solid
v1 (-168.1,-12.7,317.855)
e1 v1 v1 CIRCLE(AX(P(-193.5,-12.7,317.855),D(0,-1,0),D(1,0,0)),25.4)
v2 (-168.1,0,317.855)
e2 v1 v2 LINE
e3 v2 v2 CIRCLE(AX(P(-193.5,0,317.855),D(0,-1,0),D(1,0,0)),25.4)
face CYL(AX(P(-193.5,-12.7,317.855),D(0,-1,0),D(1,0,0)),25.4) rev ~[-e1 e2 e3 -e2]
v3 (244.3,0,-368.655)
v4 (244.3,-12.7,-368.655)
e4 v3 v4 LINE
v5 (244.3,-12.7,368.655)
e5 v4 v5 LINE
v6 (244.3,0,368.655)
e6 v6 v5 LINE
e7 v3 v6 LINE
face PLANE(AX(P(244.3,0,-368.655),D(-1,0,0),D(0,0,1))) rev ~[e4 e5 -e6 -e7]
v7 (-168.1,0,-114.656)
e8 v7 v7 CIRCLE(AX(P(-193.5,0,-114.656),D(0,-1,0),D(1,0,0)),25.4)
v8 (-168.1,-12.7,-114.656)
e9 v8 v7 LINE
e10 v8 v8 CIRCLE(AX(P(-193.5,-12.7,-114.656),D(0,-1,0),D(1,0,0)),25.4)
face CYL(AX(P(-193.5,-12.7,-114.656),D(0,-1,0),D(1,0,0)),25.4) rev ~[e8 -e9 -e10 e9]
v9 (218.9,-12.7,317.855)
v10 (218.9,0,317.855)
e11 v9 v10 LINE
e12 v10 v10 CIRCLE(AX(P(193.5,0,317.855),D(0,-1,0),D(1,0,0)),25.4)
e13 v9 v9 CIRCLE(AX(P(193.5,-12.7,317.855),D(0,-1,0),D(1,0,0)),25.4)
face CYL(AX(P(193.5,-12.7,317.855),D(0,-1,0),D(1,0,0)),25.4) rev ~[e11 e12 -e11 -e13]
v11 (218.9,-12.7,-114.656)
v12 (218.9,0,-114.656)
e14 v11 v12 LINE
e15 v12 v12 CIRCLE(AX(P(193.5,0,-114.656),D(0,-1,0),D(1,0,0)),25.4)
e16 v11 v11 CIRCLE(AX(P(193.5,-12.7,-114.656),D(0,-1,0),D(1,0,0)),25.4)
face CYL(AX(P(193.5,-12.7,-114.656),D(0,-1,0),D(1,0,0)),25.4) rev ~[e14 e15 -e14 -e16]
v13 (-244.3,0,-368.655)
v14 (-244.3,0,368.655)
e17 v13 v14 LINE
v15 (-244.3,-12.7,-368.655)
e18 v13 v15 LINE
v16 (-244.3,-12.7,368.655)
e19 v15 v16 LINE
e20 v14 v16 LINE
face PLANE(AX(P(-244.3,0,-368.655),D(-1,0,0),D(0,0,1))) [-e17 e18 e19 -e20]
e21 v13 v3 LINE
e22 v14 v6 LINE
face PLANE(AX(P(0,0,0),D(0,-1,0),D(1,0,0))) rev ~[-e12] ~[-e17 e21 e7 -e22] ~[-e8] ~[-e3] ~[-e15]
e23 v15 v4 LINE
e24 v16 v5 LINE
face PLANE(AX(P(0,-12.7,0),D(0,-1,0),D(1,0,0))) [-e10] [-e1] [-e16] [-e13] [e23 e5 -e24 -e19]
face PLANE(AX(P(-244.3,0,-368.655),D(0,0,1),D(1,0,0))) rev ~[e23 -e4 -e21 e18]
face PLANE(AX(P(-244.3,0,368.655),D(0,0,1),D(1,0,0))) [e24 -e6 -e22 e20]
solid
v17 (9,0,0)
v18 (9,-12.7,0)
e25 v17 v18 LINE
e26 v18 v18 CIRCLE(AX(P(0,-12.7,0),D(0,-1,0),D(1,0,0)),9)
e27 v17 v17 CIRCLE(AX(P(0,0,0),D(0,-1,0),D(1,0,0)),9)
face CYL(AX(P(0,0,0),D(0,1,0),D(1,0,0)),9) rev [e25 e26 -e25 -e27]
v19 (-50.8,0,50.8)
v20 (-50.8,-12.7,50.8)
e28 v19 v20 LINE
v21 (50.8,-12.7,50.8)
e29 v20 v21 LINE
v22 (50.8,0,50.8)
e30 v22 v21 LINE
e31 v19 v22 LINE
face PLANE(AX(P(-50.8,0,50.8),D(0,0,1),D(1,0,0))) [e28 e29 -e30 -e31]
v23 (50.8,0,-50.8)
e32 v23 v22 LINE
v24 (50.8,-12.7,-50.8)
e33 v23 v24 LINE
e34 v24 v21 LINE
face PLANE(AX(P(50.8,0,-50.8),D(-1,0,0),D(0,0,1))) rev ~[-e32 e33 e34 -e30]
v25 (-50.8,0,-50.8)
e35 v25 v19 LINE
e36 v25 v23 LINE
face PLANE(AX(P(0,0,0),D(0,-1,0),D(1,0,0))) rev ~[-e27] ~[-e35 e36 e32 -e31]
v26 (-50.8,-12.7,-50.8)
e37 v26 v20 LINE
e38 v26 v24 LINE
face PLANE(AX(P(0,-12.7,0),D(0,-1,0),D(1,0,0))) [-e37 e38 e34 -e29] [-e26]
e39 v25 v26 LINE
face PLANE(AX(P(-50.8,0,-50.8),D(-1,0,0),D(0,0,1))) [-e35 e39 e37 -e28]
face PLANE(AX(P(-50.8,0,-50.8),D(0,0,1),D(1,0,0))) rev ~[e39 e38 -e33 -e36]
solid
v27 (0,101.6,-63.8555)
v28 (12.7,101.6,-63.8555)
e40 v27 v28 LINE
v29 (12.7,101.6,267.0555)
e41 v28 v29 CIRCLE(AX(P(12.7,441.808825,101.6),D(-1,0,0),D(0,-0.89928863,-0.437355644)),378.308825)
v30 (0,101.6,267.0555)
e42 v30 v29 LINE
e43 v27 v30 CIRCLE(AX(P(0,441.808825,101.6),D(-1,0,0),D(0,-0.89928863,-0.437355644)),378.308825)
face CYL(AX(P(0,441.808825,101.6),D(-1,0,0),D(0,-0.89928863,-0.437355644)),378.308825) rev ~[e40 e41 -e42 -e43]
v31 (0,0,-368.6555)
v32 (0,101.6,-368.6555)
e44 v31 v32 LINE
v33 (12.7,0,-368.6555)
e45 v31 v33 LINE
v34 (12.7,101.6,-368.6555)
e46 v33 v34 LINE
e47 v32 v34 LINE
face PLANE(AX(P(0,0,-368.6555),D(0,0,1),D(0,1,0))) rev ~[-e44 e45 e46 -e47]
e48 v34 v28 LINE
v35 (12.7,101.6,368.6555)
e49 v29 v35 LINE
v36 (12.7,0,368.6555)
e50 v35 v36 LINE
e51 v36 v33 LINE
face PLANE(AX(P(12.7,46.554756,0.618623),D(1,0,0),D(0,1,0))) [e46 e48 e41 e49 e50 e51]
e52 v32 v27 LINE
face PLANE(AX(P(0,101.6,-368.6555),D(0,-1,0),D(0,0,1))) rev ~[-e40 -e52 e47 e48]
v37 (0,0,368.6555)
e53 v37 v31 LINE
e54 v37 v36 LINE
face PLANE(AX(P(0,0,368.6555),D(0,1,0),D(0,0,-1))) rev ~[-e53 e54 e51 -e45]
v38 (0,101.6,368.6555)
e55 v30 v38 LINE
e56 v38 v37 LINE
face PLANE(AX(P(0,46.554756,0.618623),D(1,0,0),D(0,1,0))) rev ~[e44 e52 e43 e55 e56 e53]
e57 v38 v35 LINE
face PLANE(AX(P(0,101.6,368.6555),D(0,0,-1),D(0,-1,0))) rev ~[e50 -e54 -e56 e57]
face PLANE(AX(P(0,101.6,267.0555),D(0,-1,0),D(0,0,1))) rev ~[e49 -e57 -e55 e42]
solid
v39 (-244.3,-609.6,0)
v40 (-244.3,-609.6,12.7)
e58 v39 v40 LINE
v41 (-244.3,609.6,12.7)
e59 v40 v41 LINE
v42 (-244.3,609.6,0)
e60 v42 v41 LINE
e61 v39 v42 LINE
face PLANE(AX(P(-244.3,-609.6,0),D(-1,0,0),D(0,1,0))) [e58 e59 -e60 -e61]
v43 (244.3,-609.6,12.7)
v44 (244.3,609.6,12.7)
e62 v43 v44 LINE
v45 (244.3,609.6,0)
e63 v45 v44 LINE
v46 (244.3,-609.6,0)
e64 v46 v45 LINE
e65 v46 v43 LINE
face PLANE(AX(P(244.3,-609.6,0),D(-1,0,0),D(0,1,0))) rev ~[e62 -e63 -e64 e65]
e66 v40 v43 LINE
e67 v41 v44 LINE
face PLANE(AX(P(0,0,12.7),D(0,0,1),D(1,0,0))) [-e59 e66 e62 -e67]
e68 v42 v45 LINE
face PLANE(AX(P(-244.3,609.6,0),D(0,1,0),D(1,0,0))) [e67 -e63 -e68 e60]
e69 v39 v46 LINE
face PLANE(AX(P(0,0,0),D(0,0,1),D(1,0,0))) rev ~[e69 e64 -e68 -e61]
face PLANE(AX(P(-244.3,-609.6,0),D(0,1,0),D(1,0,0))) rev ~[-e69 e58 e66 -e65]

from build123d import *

# Parameters (mm, degrees)
F1_W      = 101.6
F1_H      = 101.6
F1_R      = 9
F2_DEPTH  = 12.7
F4_DEPTH  = 12.7
F5_W      = 488.6
F5_H      = 737.31
F6_DEPTH  = 12.7
F7_W      = 488.6
F7_H      = 1219.2
F8_DEPTH  = 12.7
F9_R      = 25.4
F10_DEPTH = 622.301


with BuildPart() as f2:
    # F1 (on Front) → F2 (new body)
    with BuildSketch(Plane.XZ):
        Rectangle(F1_W, F1_H)
        Circle(F1_R, mode=Mode.SUBTRACT)
    extrude(amount=F2_DEPTH)


with BuildPart() as f4:
    # F3 (on Right) → F4 (new body)
    with BuildSketch(Plane.YZ):
        with BuildLine():
            Line((101.6, 368.6555), (0, 368.6555))
            Line((0, 368.6555), (0, -368.6555))
            Line((0, -368.6555), (101.6, -368.6555))
            Line((101.6, -368.6555), (101.6, -63.8555))
            ThreePointArc((101.6, -63.8555), (63.5, 101.6), (101.6, 267.0555))
            Line((101.6, 267.0555), (101.6, 368.6555))
        make_face()
    extrude(amount=F4_DEPTH)


with BuildPart() as f6:
    # F5 (on Front) → F6 (new body)
    with BuildSketch(Plane.XZ):
        Rectangle(F5_W, F5_H)
    extrude(amount=F6_DEPTH)

    # F9 (on face) → F10 (cut, through all)
    with BuildSketch(Plane.XZ.offset(12.7)):
        with Locations((-193.5, 317.855)):
            Circle(F9_R)
        with Locations((193.5, 317.855)):
            Circle(F9_R)
        with Locations((-193.5, -114.656)):
            Circle(F9_R)
        with Locations((193.5, -114.656)):
            Circle(F9_R)
    extrude(amount=-F10_DEPTH, mode=Mode.SUBTRACT)


with BuildPart() as f8:
    # F7 (on Top) → F8 (new body)
    with BuildSketch(Plane.XY):
        Rectangle(F7_W, F7_H)
    extrude(amount=F8_DEPTH)


solid = Compound([f2.part, f4.part, f6.part, f8.part])
